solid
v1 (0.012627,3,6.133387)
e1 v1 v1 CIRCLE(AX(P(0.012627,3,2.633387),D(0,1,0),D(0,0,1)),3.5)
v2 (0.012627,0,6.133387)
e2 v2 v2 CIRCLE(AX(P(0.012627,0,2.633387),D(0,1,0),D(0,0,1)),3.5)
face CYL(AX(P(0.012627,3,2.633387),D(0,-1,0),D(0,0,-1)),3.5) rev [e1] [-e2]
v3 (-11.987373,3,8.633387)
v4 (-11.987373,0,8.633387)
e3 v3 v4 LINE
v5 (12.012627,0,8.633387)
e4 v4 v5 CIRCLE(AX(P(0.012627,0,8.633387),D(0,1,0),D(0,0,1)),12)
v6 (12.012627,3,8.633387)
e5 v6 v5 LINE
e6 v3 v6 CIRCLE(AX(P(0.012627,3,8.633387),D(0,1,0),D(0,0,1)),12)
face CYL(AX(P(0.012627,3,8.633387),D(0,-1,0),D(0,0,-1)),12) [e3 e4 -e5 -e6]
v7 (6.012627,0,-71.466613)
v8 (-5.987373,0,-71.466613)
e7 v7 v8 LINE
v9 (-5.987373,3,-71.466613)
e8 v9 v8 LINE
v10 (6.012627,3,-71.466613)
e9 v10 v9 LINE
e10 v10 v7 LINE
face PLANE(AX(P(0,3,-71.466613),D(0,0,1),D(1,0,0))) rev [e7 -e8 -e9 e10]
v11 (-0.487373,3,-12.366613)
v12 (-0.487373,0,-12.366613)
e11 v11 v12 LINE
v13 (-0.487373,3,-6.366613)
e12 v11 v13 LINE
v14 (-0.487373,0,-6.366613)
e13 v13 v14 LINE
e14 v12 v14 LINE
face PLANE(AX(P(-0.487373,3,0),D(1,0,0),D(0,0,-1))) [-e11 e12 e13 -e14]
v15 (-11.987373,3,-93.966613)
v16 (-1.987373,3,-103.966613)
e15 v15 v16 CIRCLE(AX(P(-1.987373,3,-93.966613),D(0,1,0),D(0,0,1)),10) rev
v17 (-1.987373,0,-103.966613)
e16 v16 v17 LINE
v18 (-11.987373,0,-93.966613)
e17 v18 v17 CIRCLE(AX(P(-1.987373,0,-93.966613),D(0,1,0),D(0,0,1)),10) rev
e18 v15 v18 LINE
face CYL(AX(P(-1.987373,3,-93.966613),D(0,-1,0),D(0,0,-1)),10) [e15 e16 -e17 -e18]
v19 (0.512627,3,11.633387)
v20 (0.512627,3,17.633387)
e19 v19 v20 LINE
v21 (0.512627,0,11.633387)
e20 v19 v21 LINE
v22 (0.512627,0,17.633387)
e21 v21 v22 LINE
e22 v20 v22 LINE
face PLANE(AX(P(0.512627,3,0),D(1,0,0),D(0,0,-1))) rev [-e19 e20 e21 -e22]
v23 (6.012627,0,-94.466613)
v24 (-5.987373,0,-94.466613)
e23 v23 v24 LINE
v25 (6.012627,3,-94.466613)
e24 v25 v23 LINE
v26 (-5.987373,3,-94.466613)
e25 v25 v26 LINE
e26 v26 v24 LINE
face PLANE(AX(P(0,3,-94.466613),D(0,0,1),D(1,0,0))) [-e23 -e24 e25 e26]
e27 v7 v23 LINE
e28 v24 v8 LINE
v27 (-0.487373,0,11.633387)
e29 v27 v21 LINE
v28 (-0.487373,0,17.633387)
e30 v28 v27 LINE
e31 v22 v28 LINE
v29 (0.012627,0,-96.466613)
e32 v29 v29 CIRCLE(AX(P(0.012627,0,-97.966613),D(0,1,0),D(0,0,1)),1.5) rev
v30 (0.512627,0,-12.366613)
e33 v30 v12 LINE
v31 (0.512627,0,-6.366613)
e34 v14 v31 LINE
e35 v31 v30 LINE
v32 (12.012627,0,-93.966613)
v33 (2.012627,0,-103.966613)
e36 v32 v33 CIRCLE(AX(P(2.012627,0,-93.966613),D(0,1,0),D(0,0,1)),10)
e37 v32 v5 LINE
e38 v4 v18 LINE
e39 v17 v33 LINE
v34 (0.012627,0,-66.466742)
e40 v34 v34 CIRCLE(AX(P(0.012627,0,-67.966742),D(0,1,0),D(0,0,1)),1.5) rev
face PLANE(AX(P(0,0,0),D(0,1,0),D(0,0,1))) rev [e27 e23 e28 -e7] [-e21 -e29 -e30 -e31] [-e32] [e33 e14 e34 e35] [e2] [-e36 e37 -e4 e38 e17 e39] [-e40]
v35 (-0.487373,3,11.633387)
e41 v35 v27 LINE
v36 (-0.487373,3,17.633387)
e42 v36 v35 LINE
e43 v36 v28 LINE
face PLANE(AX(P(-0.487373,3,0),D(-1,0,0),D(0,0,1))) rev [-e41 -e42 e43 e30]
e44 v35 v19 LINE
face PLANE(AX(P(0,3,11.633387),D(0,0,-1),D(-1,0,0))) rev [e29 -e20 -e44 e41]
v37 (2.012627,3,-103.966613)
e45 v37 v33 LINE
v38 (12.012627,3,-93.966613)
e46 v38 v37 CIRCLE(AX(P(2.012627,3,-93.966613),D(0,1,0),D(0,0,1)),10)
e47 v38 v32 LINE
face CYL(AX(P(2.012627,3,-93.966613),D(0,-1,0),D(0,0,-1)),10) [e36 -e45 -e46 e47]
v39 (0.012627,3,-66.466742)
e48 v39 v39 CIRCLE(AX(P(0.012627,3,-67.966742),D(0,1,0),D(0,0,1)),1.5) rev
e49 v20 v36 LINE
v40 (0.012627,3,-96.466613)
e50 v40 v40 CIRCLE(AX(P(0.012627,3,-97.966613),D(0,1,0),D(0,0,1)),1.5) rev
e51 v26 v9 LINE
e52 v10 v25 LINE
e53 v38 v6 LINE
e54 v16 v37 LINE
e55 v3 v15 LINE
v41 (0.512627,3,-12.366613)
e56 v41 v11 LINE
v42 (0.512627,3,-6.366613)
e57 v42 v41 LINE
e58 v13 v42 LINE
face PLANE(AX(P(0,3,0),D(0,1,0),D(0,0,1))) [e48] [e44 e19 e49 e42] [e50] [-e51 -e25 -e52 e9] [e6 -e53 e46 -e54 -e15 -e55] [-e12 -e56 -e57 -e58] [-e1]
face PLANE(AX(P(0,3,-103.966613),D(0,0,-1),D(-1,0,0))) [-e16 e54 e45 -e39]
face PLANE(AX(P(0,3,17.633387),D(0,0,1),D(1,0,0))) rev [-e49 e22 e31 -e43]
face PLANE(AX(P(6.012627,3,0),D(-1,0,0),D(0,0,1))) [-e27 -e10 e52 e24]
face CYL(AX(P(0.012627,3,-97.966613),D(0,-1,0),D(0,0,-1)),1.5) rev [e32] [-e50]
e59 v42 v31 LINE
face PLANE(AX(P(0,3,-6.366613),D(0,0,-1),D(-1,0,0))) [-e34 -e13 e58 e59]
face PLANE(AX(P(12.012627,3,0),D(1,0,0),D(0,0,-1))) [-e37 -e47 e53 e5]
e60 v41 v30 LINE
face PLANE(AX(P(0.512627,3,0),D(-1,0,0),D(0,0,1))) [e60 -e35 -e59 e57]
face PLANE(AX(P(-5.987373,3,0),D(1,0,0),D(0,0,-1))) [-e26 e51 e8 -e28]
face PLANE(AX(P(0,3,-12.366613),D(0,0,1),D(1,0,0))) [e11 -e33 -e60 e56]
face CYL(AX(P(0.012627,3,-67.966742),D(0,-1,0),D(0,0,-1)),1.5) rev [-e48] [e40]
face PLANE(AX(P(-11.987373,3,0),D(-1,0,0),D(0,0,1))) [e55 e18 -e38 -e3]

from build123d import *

# Parameters (mm, degrees)
ESBO_O4_R                = 3.5
ESBO_O4_R_2              = 1.5
RESSALTO_EXTRUS_O1_DEPTH = 3


with BuildPart() as part:
    # Esboço4 → Ressalto-extrusão1 (new body)
    with BuildSketch(Plane(origin=(0, 0, 0), x_dir=(1, 0, 0), z_dir=(0, 1, 0))):
        with BuildLine():
            Line((-11.987372598, 93.966613318), (-11.987372598, 71.466613318))
            Line((-11.987372598, 71.466613318), (-11.987372598, -8.633386682))
            ThreePointArc((-11.987372598, -8.633386682), (0.012627402, -20.633386682), (12.012627402, -8.633386682))
            Line((12.012627402, -8.633386682), (12.012627402, 71.466613318))
            Line((12.012627402, 71.466613318), (12.012627402, 93.966613318))
            ThreePointArc((12.012627402, 93.966613318), (9.083695214, 101.03768113), (2.012627402, 103.966613318))
            Line((2.012627402, 103.966613318), (0.012627402, 103.966613318))
            Line((0.012627402, 103.966613318), (-1.987372598, 103.966613318))
            ThreePointArc((-1.987372598, 103.966613318), (-9.05844041, 101.03768113), (-11.987372598, 93.966613318))
        make_face()
        Polygon((0.512627402, -17.633386682), (0.012627402, -17.633386682), (-0.487372598, -17.633386682), (-0.487372598, -11.633386682), (0.512627402, -11.633386682), align=None, mode=Mode.SUBTRACT)
        with Locations(Location((0.012627402, -2.633386682, 0), (0, 0, 270))):
            Circle(ESBO_O4_R, mode=Mode.SUBTRACT)
        Polygon((0.012627402, 12.366613318), (0.512627402, 12.366613318), (0.512627402, 6.366613318), (-0.487372598, 6.366613318), (-0.487372598, 12.366613318), align=None, mode=Mode.SUBTRACT)
        with Locations(Location((0.012627402, 67.966742295, 0), (0, 0, 270))):
            Circle(ESBO_O4_R_2, mode=Mode.SUBTRACT)
        Polygon((6.012627402, 94.466613318), (6.012627402, 71.466613318), (2.487372598, 71.466613318), (-2.487372598, 71.466613318), (-5.987372598, 71.466613318), (-5.987372598, 82.966613318), (-5.987372598, 94.466613318), (-2.5, 94.466613318), (2.5, 94.466613318), align=None, mode=Mode.SUBTRACT)
        with Locations(Location((0.012627402, 97.966613318, 0), (0, 0, 270))):
            Circle(ESBO_O4_R_2, mode=Mode.SUBTRACT)
    extrude(amount=RESSALTO_EXTRUS_O1_DEPTH)


solid = part.part
